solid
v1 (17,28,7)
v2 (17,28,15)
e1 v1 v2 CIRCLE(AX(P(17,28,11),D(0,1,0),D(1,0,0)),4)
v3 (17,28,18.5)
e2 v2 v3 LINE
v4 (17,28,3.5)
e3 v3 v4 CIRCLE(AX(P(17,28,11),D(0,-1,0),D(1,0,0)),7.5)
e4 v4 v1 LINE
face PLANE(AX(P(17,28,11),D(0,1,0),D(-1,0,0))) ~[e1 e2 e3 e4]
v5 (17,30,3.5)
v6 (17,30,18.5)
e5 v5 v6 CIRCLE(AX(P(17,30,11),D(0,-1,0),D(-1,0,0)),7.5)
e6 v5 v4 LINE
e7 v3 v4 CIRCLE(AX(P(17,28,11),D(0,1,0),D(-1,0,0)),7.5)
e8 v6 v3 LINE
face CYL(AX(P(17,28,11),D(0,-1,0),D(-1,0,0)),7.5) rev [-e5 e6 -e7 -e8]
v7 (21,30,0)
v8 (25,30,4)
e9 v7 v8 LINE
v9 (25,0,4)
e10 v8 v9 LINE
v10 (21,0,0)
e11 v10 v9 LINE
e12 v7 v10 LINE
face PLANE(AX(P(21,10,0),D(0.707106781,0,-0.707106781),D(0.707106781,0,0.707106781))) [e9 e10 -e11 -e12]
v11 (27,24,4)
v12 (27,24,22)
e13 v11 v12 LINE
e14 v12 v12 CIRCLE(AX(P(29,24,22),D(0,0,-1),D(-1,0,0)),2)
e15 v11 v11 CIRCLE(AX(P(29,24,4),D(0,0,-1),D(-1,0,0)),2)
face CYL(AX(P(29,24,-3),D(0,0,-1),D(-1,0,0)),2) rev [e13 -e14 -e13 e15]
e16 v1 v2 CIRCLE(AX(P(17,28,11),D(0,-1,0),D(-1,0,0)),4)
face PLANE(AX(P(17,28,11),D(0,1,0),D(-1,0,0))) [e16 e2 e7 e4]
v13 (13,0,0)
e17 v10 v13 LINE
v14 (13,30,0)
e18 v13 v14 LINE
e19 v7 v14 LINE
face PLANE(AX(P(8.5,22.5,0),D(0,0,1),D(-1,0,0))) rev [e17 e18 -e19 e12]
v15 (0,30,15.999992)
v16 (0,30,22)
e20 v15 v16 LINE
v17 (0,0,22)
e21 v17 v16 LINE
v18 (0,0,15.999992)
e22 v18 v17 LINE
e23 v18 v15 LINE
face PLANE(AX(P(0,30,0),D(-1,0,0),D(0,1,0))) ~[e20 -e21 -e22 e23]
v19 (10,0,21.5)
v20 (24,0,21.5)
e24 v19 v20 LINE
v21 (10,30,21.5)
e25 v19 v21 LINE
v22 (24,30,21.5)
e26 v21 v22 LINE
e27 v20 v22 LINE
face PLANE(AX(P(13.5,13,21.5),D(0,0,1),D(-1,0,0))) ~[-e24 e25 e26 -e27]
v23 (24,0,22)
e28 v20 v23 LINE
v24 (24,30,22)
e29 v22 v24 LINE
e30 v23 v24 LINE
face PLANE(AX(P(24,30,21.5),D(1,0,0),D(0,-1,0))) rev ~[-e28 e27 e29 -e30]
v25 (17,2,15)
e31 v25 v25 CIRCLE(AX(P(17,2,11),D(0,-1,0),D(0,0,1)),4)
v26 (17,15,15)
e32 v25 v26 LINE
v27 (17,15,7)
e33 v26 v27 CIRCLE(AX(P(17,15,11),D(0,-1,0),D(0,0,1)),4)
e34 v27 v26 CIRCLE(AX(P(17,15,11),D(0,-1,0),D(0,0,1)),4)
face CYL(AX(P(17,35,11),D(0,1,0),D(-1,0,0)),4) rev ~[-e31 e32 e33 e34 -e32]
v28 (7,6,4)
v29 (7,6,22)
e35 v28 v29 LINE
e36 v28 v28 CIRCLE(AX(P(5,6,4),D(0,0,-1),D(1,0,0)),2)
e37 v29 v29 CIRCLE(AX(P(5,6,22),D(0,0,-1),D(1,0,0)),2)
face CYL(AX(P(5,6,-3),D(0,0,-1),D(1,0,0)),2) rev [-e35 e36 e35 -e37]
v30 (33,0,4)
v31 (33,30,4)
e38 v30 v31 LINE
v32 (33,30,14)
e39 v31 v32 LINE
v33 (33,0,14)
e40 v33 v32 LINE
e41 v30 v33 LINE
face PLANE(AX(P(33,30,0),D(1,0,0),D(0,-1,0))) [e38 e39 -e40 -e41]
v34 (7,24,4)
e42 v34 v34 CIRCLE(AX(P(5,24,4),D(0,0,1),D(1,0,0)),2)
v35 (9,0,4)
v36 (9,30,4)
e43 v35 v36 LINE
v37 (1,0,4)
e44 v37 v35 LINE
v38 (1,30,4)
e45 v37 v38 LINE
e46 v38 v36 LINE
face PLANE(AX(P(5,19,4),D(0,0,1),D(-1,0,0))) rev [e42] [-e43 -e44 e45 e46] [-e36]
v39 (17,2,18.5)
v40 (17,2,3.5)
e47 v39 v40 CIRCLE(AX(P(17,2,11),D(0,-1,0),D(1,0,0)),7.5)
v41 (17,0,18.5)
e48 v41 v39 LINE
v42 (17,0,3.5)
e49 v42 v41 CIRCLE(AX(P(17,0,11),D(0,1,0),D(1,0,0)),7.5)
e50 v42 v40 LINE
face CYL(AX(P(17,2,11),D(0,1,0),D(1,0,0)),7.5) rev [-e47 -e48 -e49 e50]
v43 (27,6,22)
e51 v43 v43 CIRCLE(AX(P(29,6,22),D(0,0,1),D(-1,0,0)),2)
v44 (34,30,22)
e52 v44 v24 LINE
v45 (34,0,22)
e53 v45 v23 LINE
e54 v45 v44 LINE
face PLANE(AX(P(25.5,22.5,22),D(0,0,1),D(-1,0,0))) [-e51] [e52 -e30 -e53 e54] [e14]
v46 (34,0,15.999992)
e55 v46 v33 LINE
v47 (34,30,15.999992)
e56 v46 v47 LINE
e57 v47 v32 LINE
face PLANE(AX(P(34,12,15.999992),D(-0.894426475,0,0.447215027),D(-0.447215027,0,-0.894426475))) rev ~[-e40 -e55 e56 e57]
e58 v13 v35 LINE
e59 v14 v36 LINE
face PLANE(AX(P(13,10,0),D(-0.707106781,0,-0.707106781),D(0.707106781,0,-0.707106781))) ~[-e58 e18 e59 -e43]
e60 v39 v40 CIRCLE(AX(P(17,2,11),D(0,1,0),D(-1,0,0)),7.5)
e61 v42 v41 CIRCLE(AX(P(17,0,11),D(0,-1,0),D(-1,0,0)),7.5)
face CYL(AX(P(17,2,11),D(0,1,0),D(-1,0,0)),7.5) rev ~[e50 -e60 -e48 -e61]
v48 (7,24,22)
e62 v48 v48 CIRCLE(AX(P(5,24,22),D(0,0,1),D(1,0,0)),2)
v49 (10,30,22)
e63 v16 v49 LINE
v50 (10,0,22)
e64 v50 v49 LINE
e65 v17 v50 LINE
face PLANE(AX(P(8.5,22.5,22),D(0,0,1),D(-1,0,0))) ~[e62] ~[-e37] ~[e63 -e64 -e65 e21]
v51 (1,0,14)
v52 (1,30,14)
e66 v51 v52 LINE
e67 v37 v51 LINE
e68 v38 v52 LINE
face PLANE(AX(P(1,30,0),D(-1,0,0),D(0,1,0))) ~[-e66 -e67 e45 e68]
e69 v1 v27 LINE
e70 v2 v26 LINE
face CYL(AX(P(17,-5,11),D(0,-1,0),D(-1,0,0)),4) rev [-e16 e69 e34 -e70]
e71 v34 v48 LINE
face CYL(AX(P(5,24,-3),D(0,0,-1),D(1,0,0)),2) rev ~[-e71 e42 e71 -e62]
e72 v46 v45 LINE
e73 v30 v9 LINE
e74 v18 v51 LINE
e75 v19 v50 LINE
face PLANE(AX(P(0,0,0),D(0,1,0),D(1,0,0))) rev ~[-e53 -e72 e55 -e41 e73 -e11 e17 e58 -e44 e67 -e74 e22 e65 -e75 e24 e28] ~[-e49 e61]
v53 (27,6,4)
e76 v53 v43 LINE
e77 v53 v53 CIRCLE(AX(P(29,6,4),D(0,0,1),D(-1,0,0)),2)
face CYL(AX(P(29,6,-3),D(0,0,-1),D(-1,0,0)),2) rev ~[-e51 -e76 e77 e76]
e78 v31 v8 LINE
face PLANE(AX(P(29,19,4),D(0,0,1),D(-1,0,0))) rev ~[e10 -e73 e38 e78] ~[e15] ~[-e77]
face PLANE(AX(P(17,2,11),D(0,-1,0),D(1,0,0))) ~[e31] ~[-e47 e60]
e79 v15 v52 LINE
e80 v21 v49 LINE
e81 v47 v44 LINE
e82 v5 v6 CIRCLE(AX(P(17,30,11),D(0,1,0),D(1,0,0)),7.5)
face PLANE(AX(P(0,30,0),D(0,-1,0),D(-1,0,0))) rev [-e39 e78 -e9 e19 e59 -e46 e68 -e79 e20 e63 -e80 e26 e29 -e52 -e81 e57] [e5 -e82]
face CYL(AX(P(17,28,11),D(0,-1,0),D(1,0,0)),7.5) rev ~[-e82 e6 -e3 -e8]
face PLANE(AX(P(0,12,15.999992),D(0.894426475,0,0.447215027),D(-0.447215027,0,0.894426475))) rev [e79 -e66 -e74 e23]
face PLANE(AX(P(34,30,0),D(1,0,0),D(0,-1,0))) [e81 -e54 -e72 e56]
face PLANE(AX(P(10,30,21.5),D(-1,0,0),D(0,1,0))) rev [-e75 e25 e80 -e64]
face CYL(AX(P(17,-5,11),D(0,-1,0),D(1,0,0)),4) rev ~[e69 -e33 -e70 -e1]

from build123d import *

# Parameters (mm, degrees)
CYLINDER002_R          = 7.5
CYLINDER002_DEPTH      = 4
CYLINDER002_ROLL_ANGLE = 90
BOX003_W               = 7
BOX003_H               = 34
BOX003_DEPTH           = 0.5
PAD001_DEPTH           = 27
BOX002_W               = 8
BOX002_H               = 22
BOX002_DEPTH           = 4
BOX001_W               = 1
BOX001_H               = 19
BOX001_DEPTH           = 14
PAD_DEPTH              = 31
CYLINDER001_R          = 2
CYLINDER001_DEPTH      = 30
CYLINDER_R             = 4
CYLINDER_DEPTH         = 40
CYLINDER_ROLL_ANGLE    = 90
BOX_W                  = 17
BOX_H                  = 15
BOX_DEPTH              = 22


with BuildPart() as cilindro002:
    # Cylinder002 → Cylinder002 (new body)
    with BuildSketch(Plane.XY):
        Circle(CYLINDER002_R)
    extrude(amount=CYLINDER002_DEPTH)


with BuildPart() as cilindro002_1:
    # Cylinder002 roll: moved
    add(cilindro002.part.rotate(Axis((0, 0, 0), (1, 0, 0)), CYLINDER002_ROLL_ANGLE))


with BuildPart() as cilindro002_2:
    # Cylinder002 placement: moved
    add(cilindro002_1.part.moved(Location((17, 2, 11))))


with BuildPart() as cubo003:
    # Box003 → Box003 (new body)
    with BuildSketch(Plane(origin=(10, 0, 21.5), x_dir=(1, 0, 0), z_dir=(0, 0, 1))):
        with Locations((3.5, 17)):
            Rectangle(BOX003_W, BOX003_H)
    extrude(amount=BOX003_DEPTH)


with BuildPart() as body001:
    # Sketch001 → Pad001 (new body)
    with BuildSketch(Plane.XZ):
        Polygon((0, 0), (4, 0), (0, 4), align=None)
    extrude(amount=PAD001_DEPTH)


with BuildPart() as body001_1:
    # Body001 placement: moved
    add(body001.part.moved(Location((9, 20, 0))))


with BuildPart() as cubo002:
    # Box002 → Box002 (new body)
    with BuildSketch(Plane(origin=(1, 0, 0), x_dir=(1, 0, 0), z_dir=(0, 0, 1))):
        with Locations((4, 11)):
            Rectangle(BOX002_W, BOX002_H)
    extrude(amount=BOX002_DEPTH)


with BuildPart() as cubo001:
    # Box001 → Box001 (new body)
    with BuildSketch(Plane.XY):
        with Locations((0.5, 9.5)):
            Rectangle(BOX001_W, BOX001_H)
    extrude(amount=BOX001_DEPTH)


with BuildPart() as body:
    # Sketch → Pad (new body)
    with BuildSketch(Plane.XZ):
        Polygon((0, 0), (-1, -8e-06), (-1, 1.999992), align=None)
    extrude(amount=PAD_DEPTH)


with BuildPart() as body_1:
    # Body placement: moved
    add(body.part.moved(Location((1, 18, 14))))


with BuildPart() as cilindro001:
    # Cylinder001 → Cylinder001 (new body)
    with BuildSketch(Plane(origin=(5, 6, -3), x_dir=(1, 0, 0), z_dir=(0, 0, 1))):
        Circle(CYLINDER001_R)
    extrude(amount=CYLINDER001_DEPTH)


with BuildPart() as cilindro:
    # Cylinder → Cylinder (new body)
    with BuildSketch(Plane.XY):
        Circle(CYLINDER_R)
    extrude(amount=CYLINDER_DEPTH)


with BuildPart() as cilindro_1:
    # Cylinder roll: moved
    add(cilindro.part.rotate(Axis((0, 0, 0), (1, 0, 0)), CYLINDER_ROLL_ANGLE))


with BuildPart() as cilindro_2:
    # Cylinder placement: moved
    add(cilindro_1.part.moved(Location((17, 35, 11))))


with BuildPart() as cut007:
    # Box → Box (new body)
    with BuildSketch(Plane.XY):
        with Locations((8.5, 7.5)):
            Rectangle(BOX_W, BOX_H)
    extrude(amount=BOX_DEPTH)

    # Cut: cut Cilindro
    add(cilindro_2.part, mode=Mode.SUBTRACT)

    # Cut001: cut Cilindro001
    add(cilindro001.part, mode=Mode.SUBTRACT)

    # Cut002: cut Body
    add(body_1.part, mode=Mode.SUBTRACT)

    # Cut003: cut Cubo001
    add(cubo001.part, mode=Mode.SUBTRACT)

    # Cut004: cut Cubo002
    add(cubo002.part, mode=Mode.SUBTRACT)

    # Cut005: cut Body001
    add(body001_1.part, mode=Mode.SUBTRACT)

    # Cut006: cut Cubo003
    add(cubo003.part, mode=Mode.SUBTRACT)

    # Cut007: cut Cilindro002
    add(cilindro002_2.part, mode=Mode.SUBTRACT)


with BuildPart() as fusion:
    # mirror: instance of Cut007
    add(cut007.part.mirror(Plane(origin=(17, 0, 0.020863), x_dir=(0, -1, 0), z_dir=(1, 0, 0))))

    # Fusion: union Cut007
    add(cut007.part)


with BuildPart() as mirror_of_fusion:
    # mirror001: instance of Fusion
    add(fusion.part.mirror(Plane(origin=(34, 15, 22), x_dir=(1, 0, 0), z_dir=(0, 1, 0))))


with BuildPart() as fusion001:
    # Fusion001 base: copy of Fusion
    add(fusion.part)

    # Fusion001: union Mirror of Fusion
    add(mirror_of_fusion.part)


solid = fusion001.part
